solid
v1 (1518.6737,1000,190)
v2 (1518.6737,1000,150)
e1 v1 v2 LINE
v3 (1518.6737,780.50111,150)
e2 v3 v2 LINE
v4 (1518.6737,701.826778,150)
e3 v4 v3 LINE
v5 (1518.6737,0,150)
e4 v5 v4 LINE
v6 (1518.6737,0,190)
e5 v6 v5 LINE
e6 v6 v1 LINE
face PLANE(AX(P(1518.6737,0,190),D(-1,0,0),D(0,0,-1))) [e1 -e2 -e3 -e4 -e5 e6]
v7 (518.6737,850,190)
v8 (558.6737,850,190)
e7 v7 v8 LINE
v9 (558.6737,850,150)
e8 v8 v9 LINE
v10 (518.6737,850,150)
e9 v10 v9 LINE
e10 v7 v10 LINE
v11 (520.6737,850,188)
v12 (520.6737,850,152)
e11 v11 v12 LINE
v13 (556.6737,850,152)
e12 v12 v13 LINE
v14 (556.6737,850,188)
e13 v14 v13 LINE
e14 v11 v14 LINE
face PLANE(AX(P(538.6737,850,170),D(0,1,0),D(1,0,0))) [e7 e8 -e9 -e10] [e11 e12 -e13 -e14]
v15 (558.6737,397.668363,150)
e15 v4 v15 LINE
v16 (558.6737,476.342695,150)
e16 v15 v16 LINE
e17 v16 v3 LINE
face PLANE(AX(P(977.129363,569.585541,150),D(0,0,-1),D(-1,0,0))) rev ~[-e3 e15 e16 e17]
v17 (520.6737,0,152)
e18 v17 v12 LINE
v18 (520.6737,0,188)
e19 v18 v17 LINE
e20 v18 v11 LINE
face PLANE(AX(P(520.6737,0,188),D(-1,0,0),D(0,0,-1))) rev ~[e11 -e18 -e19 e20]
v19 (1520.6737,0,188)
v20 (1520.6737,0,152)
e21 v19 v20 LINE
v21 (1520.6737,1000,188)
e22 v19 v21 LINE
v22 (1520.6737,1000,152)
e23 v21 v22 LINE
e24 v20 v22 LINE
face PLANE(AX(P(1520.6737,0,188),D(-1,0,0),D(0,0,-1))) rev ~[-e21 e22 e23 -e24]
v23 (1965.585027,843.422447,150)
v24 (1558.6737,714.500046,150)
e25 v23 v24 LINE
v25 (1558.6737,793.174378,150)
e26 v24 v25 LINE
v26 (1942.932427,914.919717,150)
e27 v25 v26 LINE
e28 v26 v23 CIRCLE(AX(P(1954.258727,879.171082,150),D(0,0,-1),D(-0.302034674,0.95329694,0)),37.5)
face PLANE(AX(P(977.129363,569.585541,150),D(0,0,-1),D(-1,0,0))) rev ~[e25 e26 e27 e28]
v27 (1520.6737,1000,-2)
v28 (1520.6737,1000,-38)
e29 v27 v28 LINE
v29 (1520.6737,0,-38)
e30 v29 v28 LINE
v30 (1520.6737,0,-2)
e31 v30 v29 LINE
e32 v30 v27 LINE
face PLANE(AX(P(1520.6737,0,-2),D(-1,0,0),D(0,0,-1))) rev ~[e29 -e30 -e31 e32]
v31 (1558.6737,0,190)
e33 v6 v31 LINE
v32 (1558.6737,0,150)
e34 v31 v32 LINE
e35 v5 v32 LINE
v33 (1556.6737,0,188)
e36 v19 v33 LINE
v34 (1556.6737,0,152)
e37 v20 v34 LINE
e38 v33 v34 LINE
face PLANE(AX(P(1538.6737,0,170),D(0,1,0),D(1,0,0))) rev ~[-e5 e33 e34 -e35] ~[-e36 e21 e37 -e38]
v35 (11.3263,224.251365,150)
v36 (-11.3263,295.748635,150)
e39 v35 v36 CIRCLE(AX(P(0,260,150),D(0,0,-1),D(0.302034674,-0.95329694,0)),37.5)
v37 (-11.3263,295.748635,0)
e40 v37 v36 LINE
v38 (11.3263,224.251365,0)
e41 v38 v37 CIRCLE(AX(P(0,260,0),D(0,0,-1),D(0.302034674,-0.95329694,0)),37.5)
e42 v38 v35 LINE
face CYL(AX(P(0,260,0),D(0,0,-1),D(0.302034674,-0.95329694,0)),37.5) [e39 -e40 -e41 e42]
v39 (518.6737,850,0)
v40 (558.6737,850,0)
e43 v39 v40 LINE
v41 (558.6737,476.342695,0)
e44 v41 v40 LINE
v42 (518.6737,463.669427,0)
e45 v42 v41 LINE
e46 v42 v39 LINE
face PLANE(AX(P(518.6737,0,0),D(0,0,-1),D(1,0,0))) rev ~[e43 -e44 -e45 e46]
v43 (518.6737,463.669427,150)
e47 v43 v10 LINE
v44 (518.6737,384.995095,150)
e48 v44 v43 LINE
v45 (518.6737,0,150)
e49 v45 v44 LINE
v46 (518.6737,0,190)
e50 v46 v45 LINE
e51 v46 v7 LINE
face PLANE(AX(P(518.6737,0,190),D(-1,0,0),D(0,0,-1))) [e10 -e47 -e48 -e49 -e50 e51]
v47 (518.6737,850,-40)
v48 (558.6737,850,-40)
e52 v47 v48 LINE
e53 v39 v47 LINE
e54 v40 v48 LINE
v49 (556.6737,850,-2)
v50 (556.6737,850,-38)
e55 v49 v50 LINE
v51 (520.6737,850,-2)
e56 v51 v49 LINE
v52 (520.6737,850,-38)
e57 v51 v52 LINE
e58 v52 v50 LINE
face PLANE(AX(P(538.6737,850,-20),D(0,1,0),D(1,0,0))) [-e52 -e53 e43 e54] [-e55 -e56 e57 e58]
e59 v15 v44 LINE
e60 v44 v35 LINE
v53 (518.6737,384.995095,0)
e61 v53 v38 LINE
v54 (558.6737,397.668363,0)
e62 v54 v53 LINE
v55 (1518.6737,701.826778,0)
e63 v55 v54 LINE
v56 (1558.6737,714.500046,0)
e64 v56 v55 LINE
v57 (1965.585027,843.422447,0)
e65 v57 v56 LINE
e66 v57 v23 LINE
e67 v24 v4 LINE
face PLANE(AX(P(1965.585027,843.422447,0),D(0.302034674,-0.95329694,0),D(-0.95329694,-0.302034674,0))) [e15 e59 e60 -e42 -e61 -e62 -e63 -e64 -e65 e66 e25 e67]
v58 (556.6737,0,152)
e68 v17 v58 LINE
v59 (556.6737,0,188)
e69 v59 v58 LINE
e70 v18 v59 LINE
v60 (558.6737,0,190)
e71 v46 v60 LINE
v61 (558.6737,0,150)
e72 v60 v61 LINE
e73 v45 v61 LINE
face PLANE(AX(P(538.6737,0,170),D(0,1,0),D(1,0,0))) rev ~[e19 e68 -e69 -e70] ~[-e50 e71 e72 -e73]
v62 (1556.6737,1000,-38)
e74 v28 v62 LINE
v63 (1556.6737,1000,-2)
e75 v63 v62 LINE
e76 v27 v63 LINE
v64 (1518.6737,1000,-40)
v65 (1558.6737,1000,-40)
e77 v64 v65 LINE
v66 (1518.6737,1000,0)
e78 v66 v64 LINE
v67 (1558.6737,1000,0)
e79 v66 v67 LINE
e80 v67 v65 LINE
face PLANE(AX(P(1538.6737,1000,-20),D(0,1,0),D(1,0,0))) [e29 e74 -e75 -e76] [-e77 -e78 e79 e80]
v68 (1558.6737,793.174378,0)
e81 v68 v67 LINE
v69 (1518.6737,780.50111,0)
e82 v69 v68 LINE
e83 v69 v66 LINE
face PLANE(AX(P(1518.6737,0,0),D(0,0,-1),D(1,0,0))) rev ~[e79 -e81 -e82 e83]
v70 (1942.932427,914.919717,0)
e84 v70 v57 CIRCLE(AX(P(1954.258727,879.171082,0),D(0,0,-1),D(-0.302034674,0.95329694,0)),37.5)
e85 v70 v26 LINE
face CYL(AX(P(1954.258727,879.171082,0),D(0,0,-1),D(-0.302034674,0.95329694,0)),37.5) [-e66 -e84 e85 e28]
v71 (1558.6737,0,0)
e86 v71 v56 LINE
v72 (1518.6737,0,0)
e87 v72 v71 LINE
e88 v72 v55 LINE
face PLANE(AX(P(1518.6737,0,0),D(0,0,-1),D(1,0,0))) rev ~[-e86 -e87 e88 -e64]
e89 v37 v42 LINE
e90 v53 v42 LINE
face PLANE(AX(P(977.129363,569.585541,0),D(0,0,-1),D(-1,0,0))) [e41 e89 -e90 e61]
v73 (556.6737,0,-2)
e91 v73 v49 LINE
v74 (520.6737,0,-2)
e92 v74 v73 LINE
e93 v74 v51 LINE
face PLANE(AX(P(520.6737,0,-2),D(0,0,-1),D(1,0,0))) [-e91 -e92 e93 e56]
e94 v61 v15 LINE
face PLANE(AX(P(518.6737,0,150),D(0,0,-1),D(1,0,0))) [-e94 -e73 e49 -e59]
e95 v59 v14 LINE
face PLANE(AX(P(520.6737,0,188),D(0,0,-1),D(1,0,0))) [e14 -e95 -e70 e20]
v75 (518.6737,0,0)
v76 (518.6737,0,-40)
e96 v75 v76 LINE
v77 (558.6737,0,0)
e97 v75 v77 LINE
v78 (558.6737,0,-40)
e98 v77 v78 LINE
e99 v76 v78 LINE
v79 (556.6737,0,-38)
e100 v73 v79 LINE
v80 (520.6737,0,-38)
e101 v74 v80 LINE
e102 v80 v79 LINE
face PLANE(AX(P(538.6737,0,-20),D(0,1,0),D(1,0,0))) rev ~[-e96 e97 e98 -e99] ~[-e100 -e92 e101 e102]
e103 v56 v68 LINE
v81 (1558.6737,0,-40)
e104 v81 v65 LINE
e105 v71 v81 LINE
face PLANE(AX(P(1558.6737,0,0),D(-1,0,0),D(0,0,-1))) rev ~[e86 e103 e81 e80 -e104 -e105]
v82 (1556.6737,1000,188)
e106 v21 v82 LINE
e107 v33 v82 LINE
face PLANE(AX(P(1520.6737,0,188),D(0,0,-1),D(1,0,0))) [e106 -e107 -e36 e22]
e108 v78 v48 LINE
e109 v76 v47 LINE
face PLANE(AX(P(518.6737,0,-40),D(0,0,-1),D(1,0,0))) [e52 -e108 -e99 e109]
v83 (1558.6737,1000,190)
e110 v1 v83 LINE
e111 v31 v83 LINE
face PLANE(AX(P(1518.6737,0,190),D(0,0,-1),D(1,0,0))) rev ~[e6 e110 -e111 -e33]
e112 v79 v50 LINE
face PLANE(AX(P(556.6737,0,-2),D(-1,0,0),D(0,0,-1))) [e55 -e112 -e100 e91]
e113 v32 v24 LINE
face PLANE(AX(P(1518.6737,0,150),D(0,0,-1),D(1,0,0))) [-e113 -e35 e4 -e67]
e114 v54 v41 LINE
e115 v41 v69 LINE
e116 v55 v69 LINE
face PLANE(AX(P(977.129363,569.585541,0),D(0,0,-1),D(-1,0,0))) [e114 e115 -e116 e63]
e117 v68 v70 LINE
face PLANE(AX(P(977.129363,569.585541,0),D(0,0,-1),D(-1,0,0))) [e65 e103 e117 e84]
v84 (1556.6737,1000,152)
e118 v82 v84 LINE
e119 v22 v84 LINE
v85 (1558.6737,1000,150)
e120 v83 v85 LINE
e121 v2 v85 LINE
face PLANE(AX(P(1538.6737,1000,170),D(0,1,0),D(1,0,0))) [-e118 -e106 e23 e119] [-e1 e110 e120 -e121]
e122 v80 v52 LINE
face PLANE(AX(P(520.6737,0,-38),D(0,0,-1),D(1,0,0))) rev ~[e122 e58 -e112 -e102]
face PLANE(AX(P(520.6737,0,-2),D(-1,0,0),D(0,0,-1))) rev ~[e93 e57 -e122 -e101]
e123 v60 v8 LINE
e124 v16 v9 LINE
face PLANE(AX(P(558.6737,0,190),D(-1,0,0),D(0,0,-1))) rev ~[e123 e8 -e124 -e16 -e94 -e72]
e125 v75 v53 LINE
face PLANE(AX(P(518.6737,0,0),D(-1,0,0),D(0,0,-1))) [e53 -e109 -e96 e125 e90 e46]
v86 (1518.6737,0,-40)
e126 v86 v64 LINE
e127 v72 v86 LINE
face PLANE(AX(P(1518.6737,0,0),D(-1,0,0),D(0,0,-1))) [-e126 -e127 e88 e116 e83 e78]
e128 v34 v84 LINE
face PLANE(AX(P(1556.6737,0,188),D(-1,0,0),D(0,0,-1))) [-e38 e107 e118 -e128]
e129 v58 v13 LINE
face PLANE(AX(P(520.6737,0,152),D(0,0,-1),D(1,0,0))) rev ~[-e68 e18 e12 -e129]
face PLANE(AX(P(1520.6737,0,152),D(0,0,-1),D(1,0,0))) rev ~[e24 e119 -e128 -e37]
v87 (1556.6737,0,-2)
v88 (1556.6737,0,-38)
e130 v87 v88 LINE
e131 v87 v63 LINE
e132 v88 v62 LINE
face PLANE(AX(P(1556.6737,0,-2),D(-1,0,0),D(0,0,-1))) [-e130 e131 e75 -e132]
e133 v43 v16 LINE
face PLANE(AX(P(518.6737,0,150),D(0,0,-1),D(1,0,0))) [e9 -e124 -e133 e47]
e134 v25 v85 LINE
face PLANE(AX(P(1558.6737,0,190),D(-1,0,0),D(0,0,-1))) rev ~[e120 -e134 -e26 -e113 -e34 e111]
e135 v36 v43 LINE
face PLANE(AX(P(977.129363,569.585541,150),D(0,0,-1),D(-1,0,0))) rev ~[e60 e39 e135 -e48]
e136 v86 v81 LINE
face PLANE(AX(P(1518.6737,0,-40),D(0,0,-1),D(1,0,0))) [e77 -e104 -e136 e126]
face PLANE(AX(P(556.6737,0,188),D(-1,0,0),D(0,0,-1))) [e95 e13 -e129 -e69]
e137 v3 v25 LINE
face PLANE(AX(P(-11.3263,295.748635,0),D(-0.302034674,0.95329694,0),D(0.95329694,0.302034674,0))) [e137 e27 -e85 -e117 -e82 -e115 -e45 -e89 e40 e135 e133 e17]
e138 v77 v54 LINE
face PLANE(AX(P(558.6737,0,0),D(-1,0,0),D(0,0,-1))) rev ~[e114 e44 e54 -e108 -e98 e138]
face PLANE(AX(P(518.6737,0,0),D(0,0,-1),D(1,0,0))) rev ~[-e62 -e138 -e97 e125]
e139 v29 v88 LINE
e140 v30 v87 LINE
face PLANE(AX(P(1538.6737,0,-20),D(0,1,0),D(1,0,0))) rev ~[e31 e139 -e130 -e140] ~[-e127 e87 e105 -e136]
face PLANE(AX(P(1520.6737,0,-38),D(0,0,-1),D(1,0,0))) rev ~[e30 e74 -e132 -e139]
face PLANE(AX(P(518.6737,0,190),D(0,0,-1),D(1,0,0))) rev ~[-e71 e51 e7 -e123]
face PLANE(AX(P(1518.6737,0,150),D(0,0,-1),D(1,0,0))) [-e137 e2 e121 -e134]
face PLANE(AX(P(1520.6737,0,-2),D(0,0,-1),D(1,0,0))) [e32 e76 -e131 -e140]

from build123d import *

# Parameters (mm, degrees)
BOSS_EXTRUDE1_DEPTH = 150
SKETCH3_W           = 40
SKETCH3_H           = 40
SKETCH3_W_2         = 36
SKETCH3_H_2         = 36
BOSS_EXTRUDE2_DEPTH = 850
SKETCH4_W           = 40
SKETCH4_H           = 40
SKETCH4_W_2         = 36
SKETCH4_H_2         = 36
BOSS_EXTRUDE3_DEPTH = 1000


with BuildPart() as part:
    # Sketch1 → Boss-Extrude1 (new body)
    with BuildSketch(Plane.XY):
        with BuildLine():
            Line((-11.326300276, 295.748635247), (1942.932426579, 914.919717023))
            ThreePointArc((1942.932426579, 914.919717023), (1990.007362103, 890.497382052), (1965.585027132, 843.422446529))
            Line((1965.585027132, 843.422446529), (11.326300276, 224.251364753))
            ThreePointArc((11.326300276, 224.251364753), (-35.748635247, 248.673699724), (-11.326300276, 295.748635247))
        make_face()
    extrude(amount=BOSS_EXTRUDE1_DEPTH)

    # Sketch3 → Boss-Extrude2 (add)
    with BuildSketch(Plane(origin=(0, 0, 0), x_dir=(1, 0, 0), z_dir=(0, 1, 0))):
        with Locations((538.673699724, 20)):
            Rectangle(SKETCH3_W, SKETCH3_H)
        with Locations((538.673699724, 20)):
            Rectangle(SKETCH3_W_2, SKETCH3_H_2, mode=Mode.SUBTRACT)
        with Locations((538.673699724, -170)):
            Rectangle(SKETCH3_W, SKETCH3_H)
        with Locations((538.673699724, -170)):
            Rectangle(SKETCH3_W_2, SKETCH3_H_2, mode=Mode.SUBTRACT)
    extrude(amount=BOSS_EXTRUDE2_DEPTH)

    # Sketch4 → Boss-Extrude3 (add)
    with BuildSketch(Plane(origin=(0, 0, 0), x_dir=(1, 0, 0), z_dir=(0, 1, 0))):
        with Locations((1538.673699724, 20)):
            Rectangle(SKETCH4_W, SKETCH4_H)
        with Locations((1538.673699724, 20)):
            Rectangle(SKETCH4_W_2, SKETCH4_H_2, mode=Mode.SUBTRACT)
        with Locations((1538.673699724, -170)):
            Rectangle(SKETCH4_W, SKETCH4_H)
        with Locations((1538.673699724, -170)):
            Rectangle(SKETCH4_W_2, SKETCH4_H_2, mode=Mode.SUBTRACT)
    extrude(amount=BOSS_EXTRUDE3_DEPTH)


solid = part.part
